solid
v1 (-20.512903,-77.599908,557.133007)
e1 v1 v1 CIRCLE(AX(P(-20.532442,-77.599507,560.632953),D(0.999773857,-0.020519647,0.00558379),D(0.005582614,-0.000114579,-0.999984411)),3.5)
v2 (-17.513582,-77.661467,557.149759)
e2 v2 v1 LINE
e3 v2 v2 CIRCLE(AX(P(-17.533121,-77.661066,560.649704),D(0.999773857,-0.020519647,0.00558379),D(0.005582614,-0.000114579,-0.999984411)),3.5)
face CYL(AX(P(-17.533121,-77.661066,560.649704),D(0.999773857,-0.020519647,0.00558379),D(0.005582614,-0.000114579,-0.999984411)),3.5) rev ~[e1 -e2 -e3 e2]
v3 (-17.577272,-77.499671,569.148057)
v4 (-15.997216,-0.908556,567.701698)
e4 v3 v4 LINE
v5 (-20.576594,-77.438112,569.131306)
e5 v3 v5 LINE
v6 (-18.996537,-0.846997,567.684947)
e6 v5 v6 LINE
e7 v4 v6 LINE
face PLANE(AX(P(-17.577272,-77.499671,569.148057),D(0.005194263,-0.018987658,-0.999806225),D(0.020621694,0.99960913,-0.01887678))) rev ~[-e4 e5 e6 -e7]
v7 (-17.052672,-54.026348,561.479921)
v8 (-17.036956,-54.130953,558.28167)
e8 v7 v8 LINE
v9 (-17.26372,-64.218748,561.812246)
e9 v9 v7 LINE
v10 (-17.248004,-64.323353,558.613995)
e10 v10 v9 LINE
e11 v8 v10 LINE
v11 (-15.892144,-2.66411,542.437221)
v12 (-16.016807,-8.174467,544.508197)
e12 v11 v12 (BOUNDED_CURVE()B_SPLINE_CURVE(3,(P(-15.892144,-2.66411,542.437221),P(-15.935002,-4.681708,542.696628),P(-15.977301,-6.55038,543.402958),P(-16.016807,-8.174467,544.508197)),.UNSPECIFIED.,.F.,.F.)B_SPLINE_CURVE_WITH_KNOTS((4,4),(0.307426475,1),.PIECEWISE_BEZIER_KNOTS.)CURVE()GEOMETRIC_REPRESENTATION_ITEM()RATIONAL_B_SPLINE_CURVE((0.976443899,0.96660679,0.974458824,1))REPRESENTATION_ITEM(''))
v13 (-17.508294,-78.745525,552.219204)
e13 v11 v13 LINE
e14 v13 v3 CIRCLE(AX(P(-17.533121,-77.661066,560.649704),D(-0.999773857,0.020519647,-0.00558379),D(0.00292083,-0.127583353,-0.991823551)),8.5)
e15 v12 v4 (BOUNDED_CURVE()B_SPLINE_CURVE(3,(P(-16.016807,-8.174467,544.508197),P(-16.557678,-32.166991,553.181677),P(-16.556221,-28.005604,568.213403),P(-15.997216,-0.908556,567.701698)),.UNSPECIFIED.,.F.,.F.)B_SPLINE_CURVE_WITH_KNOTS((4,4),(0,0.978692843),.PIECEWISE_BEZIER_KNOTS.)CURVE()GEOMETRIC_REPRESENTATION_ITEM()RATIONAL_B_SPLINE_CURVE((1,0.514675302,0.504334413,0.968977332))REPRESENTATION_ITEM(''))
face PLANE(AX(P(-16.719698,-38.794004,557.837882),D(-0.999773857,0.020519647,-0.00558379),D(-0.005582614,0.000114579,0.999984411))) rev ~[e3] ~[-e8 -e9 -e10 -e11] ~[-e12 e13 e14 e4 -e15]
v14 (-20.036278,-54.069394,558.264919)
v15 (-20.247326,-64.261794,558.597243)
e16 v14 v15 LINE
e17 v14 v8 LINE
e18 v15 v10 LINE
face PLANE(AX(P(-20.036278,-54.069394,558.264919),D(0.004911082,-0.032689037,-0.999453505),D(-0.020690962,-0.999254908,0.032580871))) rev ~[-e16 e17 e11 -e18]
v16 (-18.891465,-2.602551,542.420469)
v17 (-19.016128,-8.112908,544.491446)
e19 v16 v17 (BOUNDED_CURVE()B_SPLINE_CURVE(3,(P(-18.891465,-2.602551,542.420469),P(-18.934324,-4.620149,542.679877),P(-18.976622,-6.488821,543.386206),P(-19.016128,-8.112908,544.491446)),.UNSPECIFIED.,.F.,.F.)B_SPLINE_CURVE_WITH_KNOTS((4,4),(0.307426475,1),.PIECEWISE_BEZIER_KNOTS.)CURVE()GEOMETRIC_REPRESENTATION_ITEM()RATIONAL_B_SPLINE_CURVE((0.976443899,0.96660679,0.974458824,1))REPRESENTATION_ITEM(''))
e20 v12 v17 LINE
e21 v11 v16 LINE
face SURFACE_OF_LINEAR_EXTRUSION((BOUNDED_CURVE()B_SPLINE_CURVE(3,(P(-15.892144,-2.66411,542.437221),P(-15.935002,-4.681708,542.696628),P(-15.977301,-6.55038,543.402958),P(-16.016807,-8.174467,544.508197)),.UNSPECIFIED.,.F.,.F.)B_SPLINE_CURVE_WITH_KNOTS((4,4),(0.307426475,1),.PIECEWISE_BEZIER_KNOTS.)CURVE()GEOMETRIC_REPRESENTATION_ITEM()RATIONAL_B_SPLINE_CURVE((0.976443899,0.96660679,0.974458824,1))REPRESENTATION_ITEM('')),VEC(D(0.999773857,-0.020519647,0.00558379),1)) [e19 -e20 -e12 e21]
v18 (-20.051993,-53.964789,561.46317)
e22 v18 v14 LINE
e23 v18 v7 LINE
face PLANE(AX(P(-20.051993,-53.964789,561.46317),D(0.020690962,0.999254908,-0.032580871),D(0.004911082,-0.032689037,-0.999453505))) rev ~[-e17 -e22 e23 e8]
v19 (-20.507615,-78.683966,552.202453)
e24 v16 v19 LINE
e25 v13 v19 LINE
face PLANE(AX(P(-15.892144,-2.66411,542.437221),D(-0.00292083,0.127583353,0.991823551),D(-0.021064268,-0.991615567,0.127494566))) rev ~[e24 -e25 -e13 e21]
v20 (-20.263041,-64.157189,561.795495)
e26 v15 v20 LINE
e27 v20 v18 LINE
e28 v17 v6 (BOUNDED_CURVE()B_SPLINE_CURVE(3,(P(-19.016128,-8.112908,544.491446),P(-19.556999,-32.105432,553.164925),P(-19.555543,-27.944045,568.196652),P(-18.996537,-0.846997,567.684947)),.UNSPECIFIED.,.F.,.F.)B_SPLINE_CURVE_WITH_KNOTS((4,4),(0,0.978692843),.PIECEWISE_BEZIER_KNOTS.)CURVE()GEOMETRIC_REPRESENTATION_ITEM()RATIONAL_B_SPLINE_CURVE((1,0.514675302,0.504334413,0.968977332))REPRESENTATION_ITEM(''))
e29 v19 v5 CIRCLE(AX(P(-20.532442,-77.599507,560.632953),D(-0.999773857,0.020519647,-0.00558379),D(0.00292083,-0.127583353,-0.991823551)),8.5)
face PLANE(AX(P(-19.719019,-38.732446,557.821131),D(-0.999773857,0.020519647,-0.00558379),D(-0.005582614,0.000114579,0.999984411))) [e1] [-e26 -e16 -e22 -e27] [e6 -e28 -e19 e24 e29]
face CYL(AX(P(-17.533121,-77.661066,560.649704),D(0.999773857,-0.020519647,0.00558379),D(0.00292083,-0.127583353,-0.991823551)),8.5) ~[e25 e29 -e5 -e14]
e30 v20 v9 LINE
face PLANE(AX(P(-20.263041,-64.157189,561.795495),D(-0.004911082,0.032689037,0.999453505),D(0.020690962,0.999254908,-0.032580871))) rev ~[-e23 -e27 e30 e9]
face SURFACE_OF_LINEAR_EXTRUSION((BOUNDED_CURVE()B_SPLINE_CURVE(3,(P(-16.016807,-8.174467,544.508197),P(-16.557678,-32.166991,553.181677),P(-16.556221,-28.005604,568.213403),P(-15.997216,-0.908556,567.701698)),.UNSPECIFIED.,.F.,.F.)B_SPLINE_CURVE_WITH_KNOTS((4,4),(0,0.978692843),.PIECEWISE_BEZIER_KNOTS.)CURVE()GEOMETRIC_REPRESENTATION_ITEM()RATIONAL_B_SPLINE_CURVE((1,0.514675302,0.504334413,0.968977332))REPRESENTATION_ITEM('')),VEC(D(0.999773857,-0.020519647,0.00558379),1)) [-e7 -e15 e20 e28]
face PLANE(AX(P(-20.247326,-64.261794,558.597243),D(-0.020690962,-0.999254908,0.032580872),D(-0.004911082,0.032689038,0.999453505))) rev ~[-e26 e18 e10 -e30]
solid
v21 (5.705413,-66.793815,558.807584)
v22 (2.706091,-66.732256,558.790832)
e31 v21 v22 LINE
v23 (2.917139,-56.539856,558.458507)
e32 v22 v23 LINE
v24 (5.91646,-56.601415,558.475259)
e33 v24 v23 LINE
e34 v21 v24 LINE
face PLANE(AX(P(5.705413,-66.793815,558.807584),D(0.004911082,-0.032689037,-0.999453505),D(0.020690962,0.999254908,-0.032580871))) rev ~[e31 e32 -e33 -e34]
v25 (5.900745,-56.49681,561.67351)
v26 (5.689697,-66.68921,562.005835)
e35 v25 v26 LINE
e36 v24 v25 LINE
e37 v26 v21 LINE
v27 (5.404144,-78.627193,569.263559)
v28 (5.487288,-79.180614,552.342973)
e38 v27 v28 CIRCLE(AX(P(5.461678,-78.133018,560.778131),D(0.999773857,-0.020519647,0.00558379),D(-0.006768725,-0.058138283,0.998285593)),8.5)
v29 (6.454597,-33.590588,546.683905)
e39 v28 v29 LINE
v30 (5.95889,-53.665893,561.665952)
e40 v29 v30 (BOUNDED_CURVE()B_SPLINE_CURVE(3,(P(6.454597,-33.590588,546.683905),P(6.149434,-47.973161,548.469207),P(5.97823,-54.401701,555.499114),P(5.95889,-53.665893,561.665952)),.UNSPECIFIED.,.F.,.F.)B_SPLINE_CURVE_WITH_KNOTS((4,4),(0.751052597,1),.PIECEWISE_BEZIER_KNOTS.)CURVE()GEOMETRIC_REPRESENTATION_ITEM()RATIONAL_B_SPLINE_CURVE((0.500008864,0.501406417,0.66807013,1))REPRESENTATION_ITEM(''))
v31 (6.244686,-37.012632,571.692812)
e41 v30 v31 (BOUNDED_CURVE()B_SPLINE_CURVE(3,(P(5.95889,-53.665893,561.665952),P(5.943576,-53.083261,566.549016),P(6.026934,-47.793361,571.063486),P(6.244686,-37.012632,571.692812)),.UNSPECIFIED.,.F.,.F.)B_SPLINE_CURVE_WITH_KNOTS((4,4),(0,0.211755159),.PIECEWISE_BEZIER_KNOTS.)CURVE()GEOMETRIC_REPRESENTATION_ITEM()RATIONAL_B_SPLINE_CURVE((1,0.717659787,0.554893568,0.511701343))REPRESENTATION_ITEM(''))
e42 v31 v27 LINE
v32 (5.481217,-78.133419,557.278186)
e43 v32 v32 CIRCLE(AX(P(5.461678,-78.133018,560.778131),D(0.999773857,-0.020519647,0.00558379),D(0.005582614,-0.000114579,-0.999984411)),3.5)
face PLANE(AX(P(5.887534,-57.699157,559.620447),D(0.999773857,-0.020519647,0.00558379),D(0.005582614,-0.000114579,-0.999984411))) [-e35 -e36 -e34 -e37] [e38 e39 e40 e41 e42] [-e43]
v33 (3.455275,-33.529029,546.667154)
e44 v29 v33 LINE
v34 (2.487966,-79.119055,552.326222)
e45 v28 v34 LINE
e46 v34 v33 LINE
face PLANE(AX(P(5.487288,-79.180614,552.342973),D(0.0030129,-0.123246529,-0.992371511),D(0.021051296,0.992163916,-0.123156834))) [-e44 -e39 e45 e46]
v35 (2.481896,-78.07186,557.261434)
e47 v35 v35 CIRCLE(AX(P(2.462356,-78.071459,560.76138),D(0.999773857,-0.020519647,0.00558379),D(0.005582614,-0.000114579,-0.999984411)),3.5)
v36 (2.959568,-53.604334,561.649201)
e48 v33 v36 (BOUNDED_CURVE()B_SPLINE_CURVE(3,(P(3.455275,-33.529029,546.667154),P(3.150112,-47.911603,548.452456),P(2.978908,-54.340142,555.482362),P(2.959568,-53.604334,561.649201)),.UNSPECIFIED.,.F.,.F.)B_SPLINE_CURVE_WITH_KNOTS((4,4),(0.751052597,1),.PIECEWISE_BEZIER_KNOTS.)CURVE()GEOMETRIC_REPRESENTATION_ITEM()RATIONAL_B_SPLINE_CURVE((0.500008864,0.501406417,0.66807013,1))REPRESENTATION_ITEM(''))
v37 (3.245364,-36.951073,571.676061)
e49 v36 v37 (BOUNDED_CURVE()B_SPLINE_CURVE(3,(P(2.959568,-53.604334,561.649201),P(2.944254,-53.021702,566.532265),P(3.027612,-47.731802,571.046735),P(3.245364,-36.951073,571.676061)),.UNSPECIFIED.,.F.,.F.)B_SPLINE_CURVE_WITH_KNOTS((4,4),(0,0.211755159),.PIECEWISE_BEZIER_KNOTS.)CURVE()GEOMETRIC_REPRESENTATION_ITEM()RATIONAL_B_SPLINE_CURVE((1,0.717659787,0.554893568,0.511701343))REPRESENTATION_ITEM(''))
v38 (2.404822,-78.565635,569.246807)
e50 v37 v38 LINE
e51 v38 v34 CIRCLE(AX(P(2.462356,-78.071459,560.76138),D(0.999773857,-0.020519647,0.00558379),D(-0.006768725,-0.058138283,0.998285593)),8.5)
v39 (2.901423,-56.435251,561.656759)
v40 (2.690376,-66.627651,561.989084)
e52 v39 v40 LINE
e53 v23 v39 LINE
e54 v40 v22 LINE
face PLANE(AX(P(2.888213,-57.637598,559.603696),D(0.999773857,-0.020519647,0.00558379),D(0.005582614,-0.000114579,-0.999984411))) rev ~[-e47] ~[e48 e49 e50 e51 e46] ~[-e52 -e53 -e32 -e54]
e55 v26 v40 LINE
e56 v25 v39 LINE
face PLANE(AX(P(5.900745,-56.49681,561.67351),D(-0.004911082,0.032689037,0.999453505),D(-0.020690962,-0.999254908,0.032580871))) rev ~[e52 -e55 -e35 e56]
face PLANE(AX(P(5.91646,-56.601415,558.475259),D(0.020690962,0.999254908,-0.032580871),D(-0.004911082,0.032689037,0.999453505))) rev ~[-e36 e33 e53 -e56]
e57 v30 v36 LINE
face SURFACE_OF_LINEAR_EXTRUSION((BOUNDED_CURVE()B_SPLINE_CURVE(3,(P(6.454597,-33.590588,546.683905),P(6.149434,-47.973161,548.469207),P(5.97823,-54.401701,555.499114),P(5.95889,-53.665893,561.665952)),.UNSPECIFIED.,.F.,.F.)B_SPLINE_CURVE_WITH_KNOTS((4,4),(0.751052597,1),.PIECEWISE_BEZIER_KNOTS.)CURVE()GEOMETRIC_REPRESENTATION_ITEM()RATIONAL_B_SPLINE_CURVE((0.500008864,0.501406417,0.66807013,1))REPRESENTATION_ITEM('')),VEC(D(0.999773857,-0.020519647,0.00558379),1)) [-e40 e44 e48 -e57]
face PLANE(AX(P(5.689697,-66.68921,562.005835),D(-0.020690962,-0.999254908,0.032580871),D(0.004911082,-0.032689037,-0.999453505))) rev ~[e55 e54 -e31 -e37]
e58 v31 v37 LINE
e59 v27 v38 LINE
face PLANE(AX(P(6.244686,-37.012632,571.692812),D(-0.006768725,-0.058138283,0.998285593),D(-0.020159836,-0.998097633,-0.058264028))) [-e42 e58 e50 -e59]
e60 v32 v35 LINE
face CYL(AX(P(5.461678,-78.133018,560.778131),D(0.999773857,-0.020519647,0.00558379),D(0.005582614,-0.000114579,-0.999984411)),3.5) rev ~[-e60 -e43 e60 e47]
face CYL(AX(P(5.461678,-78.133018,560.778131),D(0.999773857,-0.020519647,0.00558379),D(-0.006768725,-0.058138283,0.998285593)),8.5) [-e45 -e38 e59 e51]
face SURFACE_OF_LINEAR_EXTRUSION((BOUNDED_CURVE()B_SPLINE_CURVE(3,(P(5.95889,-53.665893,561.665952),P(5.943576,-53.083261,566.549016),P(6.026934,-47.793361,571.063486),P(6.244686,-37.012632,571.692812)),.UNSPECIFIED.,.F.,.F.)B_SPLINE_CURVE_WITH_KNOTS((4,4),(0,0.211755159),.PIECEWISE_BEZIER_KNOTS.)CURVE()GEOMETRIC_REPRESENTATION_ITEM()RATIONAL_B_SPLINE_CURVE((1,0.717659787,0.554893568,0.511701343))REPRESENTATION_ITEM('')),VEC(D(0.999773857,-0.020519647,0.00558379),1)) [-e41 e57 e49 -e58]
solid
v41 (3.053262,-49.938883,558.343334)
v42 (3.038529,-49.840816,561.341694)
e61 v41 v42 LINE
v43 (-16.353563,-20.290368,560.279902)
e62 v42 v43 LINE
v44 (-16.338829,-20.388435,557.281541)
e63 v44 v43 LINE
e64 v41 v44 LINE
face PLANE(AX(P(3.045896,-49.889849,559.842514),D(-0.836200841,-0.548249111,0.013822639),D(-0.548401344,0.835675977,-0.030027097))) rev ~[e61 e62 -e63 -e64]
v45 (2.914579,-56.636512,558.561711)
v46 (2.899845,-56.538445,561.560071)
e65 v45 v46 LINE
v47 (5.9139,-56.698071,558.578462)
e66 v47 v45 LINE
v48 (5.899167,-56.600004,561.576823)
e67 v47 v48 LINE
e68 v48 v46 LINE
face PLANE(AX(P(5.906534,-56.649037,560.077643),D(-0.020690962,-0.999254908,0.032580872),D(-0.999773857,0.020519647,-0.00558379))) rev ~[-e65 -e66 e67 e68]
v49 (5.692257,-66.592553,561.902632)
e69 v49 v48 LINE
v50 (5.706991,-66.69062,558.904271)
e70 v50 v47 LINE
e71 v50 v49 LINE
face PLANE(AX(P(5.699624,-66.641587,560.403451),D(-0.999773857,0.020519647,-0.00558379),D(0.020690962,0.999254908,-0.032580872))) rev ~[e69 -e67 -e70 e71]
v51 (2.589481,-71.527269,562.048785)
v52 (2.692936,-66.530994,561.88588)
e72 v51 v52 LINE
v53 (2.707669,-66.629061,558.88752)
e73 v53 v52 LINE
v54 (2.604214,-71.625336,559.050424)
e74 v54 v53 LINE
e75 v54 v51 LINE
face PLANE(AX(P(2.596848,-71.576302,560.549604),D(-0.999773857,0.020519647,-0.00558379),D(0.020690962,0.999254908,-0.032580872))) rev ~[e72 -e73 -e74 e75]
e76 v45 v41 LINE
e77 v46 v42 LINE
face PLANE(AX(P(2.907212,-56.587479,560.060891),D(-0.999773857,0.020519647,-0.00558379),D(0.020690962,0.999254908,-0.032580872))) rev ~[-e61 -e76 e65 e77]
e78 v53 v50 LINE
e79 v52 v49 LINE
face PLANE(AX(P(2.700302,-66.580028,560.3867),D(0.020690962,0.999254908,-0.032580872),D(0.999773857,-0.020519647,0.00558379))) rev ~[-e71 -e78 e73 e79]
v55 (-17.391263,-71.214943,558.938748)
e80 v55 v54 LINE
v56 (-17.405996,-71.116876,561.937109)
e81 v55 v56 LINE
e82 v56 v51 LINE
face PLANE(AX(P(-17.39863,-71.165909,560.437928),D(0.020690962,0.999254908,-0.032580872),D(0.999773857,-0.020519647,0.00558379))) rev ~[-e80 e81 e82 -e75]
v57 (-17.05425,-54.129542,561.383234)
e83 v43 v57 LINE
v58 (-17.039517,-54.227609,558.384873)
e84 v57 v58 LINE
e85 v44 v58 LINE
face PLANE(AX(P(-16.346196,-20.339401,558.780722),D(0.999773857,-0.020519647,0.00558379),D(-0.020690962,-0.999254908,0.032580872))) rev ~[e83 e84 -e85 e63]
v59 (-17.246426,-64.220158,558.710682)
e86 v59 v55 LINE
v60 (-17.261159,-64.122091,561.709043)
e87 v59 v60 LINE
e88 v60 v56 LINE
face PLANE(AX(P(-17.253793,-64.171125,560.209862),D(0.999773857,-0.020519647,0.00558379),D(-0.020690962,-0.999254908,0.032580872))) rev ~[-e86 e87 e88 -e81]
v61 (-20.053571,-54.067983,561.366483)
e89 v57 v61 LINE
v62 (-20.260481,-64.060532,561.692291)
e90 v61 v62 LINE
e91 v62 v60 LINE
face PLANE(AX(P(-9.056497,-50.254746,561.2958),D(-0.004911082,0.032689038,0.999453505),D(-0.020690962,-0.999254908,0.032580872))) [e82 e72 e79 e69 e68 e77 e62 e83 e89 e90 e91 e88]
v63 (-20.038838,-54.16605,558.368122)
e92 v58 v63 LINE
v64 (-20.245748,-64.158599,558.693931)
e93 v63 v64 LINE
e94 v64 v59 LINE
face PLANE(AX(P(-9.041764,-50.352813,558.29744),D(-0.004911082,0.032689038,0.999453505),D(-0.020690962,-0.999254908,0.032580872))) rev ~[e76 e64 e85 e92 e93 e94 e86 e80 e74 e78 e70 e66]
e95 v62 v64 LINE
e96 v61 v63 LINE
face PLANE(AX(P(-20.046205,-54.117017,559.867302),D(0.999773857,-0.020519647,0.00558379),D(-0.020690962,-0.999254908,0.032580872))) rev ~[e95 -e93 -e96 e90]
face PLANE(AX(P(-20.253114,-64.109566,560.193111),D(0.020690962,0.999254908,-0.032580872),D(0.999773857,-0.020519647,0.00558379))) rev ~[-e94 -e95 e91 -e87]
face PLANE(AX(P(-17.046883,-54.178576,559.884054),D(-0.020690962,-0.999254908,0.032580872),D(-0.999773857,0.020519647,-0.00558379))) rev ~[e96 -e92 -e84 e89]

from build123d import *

# Parameters (mm, degrees)
SZKIC1_R                    = 3.5
DODANIE_WYCI_GNI_CIE1_DEPTH = 3
SZKIC3_R                    = 3.5
DODANIE_WYCI_GNI_CIE2_DEPTH = 3
DODANIE_WYCI_GNI_CIE3_DEPTH = 1.5
WYTNIJ_WYCI_GNI_CIE2_DEPTH  = 28.857347736
WYTNIJ_WYCI_GNI_CIE3_DEPTH  = 3


with BuildPart() as part:
    # Szkic1 → Dodanie-wyciągnięcie1 (new body)
    with BuildSketch(Plane(origin=(10.192666609, -0.209197232, 0.056926585), x_dir=(0.005582614, -0.000114579, -0.999984411), z_dir=(0.999773857, -0.020519647, 0.00558379))):
        with BuildLine():
            Line((-571.644797139, -36.876698077), (-569.215505996, -78.499745052))
            ThreePointArc((-569.215505996, -78.499745052), (-561.006887899, -86.499980329), (-552.29465683, -79.05134251))
            Line((-552.29465683, -79.05134251), (-546.635500505, -33.451067502))
            add(Edge.make_bspline(
                [(-546.635500505, -33.451067502), (-548.420830275, -47.836874114), (-555.450846412, -54.267572979), (-561.617780939, -53.532316767)],
                knots=[0.751052597, 0.751052597, 0.751052597, 0.751052597, 1, 1, 1, 1], degree=3, weights=[0.500008864, 0.501406417, 0.66807013, 1]))
            add(Edge.make_bspline(
                [(-561.617780939, -53.532316767), (-566.500920992, -52.950121667), (-571.015461445, -47.659625114), (-571.644797139, -36.876698077)],
                knots=[0, 0, 0, 0, 0.211755159, 0.211755159, 0.211755159, 0.211755159], degree=3, weights=[1, 0.717659787, 0.554893568, 0.511701343]))
        make_face()
        with Locations((-560.729946174, -78.004493099)):
            Circle(SZKIC1_R, mode=Mode.SUBTRACT)
    extrude(amount=-DODANIE_WYCI_GNI_CIE1_DEPTH)

    # Szkic8 → Wytnij-wyciągnięcie2 (cut, through all)
    with BuildSketch(Plane(origin=(10.192666609, -0.209197232, 0.056926585), x_dir=(0.005582614, -0.000114579, -0.999984411), z_dir=(0.999773857, -0.020519647, 0.00558379))):
        Polygon((-561.625338915, -56.363830635), (-561.957668986, -66.558415311), (-558.759367911, -66.662675725), (-558.42703784, -56.468091049), align=None)
    extrude(amount=-WYTNIJ_WYCI_GNI_CIE2_DEPTH, mode=Mode.SUBTRACT)


with BuildPart() as body_2:
    # Szkic3 → Dodanie-wyciągnięcie2 (new body)
    with BuildSketch(Plane(origin=(-12.802132105, 0.262754656, -0.071500588), x_dir=(0.005582614, -0.000114579, -0.999984411), z_dir=(0.999773857, -0.020519647, 0.00558379))):
        with BuildLine():
            Line((-569.228431577, -77.844037968), (-567.782050057, -1.236626489))
            add(Edge.make_bspline(
                [(-544.588187851, -8.501410275), (-553.261802258, -32.499980703), (-568.293763066, -28.339440284), (-567.782050057, -1.236626489)],
                knots=[0, 0, 0, 0, 0.978692843, 0.978692843, 0.978692843, 0.978692843], degree=3, weights=[1, 0.514675302, 0.504334413, 0.968977332]))
            add(Edge.make_bspline(
                [(-542.517178695, -2.989655167), (-542.77659051, -5.007707817), (-543.482930745, -6.876853891), (-544.588187851, -8.501410275)],
                knots=[0.307426475, 0.307426475, 0.307426475, 0.307426475, 1, 1, 1, 1], degree=3, weights=[0.976443899, 0.96660679, 0.974458824, 1]))
            Line((-542.517178695, -2.989655167), (-552.299314559, -79.088213807))
            ThreePointArc((-552.299314559, -79.088213807), (-561.352958544, -86.481630327), (-569.228431577, -77.844037968))
        make_face()
        with Locations((-560.729946174, -78.004493098)):
            Circle(SZKIC3_R, mode=Mode.SUBTRACT)
    extrude(amount=-DODANIE_WYCI_GNI_CIE2_DEPTH)

    # Szkic9 → Wytnij-wyciągnięcie3 (cut)
    with BuildSketch(Plane(origin=(-15.801453676, 0.324313598, -0.088251958), x_dir=(-0.005582614, 0.000114579, 0.999984411), z_dir=(-0.999773857, 0.020519647, -0.00558379))):
        Polygon((561.560176157, -54.364892463), (558.361875082, -54.469152877), (558.694205152, -64.663737554), (561.892506227, -64.559477139), align=None)
    extrude(amount=-WYTNIJ_WYCI_GNI_CIE3_DEPTH, mode=Mode.SUBTRACT)


with BuildPart() as body_3:
    # Szkic5 → Dodanie-wyciągnięcie3 (new body, symmetric)
    with BuildSketch(Plane(origin=(-2.739847058, 18.236911776, 557.585868102), x_dir=(0.020690962, 0.999254908, -0.032580872), z_dir=(0.004911082, -0.032689038, -0.999453505))):
        Polygon((-82.732434552, -15.805027871), (-82.732434552, -12.805027871), (-89.732434552, -12.805027871), (-89.732434552, 7.194972129), (-84.732434552, 7.194972129), (-84.732434552, 10.194972129), (-74.732434552, 10.194972129), (-74.732434552, 7.194972129), (-68.029811107, 7.194972129), (-38.868028096, -12.805027871), (-72.732434552, -12.805027871), (-72.732434552, -15.805027871), align=None)
    extrude(amount=DODANIE_WYCI_GNI_CIE3_DEPTH, both=True)


solid = Compound([part.part, body_2.part, body_3.part])
